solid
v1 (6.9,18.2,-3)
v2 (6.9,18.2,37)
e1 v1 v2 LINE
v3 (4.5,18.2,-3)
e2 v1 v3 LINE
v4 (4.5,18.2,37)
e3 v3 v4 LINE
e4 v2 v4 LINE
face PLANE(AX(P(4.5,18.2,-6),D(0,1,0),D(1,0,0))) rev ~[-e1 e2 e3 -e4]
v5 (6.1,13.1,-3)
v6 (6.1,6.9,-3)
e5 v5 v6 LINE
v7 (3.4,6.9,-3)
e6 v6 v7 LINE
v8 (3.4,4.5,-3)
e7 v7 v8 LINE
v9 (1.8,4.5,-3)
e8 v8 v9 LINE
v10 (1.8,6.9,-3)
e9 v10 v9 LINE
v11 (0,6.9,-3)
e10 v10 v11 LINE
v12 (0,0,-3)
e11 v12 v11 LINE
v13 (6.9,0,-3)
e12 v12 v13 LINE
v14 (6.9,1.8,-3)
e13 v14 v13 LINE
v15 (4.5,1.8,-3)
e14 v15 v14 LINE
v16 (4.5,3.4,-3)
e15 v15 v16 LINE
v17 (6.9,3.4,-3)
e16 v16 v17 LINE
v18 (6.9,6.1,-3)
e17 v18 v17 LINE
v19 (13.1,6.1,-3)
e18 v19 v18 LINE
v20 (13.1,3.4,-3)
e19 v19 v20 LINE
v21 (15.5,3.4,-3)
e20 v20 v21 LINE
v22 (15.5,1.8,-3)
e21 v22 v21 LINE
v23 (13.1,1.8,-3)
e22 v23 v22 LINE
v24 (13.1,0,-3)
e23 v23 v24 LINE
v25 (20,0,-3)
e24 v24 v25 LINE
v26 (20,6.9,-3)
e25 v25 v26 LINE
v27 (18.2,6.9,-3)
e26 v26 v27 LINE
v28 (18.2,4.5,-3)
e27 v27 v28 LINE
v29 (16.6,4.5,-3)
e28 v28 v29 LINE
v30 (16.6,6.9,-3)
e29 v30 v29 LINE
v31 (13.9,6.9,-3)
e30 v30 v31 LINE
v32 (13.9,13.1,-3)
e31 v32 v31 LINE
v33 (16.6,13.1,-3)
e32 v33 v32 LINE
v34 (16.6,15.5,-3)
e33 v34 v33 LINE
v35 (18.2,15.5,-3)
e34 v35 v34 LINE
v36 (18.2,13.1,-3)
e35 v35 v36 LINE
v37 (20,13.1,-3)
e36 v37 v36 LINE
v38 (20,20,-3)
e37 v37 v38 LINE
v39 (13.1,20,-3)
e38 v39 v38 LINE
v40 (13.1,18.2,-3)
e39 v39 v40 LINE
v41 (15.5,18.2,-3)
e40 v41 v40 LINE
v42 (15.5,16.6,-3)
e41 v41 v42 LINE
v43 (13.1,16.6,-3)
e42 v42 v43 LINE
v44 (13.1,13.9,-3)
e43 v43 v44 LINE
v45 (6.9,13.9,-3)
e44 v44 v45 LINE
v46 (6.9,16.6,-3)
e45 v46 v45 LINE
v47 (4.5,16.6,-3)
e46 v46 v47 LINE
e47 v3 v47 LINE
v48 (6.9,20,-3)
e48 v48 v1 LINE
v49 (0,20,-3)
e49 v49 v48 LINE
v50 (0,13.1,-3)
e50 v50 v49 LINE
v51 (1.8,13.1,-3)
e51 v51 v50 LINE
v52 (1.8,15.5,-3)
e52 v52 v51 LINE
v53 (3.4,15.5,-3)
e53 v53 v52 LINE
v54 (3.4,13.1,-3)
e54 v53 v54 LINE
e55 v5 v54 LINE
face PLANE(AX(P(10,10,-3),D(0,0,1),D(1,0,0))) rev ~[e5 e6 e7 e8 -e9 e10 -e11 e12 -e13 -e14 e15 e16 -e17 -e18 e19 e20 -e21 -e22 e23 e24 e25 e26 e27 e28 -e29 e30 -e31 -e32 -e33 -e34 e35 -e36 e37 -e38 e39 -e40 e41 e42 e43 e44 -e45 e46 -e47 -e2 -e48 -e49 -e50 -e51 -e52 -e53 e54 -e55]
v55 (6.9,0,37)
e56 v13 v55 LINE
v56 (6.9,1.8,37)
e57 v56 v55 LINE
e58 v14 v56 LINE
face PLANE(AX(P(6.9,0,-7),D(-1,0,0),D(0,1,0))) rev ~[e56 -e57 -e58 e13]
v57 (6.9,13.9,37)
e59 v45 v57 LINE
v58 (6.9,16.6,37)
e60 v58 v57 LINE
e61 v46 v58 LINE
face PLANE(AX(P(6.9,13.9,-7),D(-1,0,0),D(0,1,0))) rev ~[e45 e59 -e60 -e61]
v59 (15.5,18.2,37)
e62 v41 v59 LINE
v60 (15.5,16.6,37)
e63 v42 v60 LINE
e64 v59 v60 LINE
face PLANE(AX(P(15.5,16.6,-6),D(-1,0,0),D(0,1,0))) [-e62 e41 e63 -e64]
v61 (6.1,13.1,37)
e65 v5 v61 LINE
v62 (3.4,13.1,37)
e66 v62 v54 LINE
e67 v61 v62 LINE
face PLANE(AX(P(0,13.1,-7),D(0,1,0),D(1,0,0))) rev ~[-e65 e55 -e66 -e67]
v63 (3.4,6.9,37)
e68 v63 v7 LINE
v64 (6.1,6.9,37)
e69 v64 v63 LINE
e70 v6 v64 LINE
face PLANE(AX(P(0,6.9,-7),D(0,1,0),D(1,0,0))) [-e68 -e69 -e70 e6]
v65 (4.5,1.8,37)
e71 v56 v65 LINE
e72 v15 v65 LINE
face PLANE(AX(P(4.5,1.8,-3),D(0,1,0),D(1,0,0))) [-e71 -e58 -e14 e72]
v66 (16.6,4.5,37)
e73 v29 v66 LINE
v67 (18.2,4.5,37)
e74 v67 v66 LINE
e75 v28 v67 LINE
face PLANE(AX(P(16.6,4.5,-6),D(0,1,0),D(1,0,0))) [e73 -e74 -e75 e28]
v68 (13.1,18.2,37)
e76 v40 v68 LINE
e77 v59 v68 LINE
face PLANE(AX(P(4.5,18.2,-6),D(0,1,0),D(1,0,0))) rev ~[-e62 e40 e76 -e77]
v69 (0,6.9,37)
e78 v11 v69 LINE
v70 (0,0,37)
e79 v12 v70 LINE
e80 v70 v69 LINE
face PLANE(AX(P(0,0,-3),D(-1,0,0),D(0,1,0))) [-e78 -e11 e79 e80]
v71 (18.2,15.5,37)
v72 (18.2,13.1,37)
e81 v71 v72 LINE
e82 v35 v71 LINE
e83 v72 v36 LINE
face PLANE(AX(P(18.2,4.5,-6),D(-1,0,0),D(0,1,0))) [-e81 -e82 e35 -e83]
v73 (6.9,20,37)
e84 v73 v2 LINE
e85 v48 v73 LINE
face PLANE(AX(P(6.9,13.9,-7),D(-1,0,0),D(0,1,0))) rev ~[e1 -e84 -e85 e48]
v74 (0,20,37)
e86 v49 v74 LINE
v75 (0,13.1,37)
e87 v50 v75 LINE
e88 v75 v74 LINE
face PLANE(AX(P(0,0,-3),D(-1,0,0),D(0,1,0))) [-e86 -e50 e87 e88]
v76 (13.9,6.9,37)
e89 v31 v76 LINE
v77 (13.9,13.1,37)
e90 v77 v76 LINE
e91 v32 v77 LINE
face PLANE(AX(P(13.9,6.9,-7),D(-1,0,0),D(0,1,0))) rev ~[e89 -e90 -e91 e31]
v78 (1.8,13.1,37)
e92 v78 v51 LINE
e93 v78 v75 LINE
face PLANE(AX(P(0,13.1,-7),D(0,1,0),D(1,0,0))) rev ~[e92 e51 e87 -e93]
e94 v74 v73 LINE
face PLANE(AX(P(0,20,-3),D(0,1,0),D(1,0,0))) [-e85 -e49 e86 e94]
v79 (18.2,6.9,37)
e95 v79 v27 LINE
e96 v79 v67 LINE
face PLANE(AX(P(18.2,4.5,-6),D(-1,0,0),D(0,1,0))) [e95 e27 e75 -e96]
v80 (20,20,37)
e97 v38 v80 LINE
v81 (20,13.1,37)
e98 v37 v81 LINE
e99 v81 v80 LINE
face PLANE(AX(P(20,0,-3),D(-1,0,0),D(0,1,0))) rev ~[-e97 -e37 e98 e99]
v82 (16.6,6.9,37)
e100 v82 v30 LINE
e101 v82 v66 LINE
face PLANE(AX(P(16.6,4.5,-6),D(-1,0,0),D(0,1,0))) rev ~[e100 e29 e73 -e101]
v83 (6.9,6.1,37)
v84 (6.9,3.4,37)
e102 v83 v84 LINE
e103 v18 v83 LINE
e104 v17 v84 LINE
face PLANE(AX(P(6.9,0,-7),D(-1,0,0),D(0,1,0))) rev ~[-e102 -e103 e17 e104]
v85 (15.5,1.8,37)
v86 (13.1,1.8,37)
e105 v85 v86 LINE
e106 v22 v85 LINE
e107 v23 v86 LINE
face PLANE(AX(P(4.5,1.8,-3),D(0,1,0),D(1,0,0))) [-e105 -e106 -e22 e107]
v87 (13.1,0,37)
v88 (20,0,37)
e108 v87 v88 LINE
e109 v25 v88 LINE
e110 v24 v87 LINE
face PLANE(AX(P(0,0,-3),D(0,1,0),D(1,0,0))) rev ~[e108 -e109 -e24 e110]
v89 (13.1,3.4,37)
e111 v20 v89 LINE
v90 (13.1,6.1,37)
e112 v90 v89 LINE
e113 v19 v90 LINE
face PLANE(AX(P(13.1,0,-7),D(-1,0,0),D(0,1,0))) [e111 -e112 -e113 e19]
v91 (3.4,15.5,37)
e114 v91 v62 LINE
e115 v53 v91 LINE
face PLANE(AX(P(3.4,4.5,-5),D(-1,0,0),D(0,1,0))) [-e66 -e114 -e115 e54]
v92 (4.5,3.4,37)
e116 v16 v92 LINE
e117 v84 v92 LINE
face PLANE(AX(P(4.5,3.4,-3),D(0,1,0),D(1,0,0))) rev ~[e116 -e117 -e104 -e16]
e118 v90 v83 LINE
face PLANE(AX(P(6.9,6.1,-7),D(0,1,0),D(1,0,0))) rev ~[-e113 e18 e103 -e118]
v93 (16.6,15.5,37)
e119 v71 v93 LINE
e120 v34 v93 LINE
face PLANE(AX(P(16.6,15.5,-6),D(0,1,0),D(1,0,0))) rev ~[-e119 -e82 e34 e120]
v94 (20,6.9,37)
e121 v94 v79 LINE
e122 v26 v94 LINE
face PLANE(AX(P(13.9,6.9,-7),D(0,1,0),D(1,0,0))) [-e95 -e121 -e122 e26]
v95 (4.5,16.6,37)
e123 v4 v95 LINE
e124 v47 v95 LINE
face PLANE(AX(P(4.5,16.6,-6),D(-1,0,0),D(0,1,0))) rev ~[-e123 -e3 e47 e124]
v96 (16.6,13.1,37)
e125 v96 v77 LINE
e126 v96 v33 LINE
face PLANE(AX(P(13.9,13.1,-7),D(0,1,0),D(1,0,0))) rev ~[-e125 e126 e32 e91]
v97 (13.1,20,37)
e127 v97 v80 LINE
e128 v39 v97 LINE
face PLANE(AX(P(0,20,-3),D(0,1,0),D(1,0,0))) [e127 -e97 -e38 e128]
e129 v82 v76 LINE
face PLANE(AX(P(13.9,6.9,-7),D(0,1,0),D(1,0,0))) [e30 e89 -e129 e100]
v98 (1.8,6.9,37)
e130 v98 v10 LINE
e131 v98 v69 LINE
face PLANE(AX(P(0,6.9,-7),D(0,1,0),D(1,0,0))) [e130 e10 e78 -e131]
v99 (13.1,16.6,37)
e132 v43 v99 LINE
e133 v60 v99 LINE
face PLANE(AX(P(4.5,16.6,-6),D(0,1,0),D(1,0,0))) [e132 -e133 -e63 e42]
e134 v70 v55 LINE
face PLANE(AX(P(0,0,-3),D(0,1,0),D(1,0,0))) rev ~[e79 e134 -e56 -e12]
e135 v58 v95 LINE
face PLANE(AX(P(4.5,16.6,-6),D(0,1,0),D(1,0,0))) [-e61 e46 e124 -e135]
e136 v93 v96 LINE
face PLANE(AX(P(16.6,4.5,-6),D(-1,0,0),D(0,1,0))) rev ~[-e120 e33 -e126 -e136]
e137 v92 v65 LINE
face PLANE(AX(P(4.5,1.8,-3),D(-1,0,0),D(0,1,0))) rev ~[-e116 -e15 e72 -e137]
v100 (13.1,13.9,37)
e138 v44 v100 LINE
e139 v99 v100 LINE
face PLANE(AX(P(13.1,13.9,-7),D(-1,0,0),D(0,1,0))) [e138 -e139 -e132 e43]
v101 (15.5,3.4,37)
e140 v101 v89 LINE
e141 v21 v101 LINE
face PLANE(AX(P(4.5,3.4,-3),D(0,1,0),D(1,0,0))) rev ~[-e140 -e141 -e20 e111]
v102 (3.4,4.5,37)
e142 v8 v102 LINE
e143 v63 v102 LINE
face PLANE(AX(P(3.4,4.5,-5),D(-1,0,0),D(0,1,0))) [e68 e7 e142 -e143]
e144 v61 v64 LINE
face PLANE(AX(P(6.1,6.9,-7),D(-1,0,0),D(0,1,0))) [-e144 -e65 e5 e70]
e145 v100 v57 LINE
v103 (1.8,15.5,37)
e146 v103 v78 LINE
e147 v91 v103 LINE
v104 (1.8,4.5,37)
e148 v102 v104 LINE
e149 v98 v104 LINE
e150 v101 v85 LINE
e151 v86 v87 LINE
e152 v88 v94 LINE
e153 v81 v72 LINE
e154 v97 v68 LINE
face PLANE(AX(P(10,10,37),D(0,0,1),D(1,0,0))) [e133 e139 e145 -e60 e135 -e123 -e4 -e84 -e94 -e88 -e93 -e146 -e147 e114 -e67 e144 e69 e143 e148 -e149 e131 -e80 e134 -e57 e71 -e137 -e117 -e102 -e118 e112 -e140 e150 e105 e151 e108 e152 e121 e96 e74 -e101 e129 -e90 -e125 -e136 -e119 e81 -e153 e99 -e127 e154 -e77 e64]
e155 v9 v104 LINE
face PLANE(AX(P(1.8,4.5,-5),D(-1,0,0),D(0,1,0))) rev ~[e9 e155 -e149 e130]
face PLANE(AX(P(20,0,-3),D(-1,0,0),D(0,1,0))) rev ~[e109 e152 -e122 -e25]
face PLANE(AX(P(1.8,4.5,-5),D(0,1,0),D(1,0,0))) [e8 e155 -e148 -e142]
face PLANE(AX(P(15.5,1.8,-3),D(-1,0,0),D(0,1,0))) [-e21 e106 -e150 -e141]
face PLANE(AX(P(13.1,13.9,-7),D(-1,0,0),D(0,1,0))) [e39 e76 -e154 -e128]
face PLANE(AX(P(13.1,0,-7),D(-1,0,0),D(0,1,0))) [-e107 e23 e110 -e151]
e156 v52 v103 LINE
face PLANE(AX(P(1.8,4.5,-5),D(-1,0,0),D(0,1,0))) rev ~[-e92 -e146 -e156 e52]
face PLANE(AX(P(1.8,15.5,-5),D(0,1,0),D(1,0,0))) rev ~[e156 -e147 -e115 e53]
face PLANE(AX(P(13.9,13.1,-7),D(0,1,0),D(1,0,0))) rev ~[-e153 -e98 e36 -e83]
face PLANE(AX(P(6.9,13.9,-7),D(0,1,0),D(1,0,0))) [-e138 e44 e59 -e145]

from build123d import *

# Parameters (mm, degrees)
BOX010_W     = 6.2
BOX010_H     = 6.1
BOX010_DEPTH = 50
BOX009_W     = 6.2
BOX009_H     = 6.1
BOX009_DEPTH = 50
BOX007_W     = 6.1
BOX007_H     = 6.2
BOX007_DEPTH = 50
BOX006_W     = 6.1
BOX006_H     = 6.2
BOX006_DEPTH = 50
BOX005_W     = 11
BOX005_H     = 1.6
BOX005_DEPTH = 50
BOX004_W     = 11
BOX004_H     = 1.6
BOX004_DEPTH = 50
BOX002_W     = 1.6
BOX002_H     = 11
BOX002_DEPTH = 50
BOX001_W     = 1.6
BOX001_H     = 11
BOX001_DEPTH = 52
BOX_W        = 20
BOX_H        = 20
BOX_DEPTH    = 40


with BuildPart() as cube009:
    # Box010 → Box010 (new body)
    with BuildSketch(Plane(origin=(6.9, 13.9, -7), x_dir=(1, 0, 0), z_dir=(0, 0, 1))):
        with Locations((3.1, 3.05)):
            Rectangle(BOX010_W, BOX010_H)
    extrude(amount=BOX010_DEPTH)


with BuildPart() as cube008:
    # Box009 → Box009 (new body)
    with BuildSketch(Plane(origin=(6.9, 0, -7), x_dir=(1, 0, 0), z_dir=(0, 0, 1))):
        with Locations((3.1, 3.05)):
            Rectangle(BOX009_W, BOX009_H)
    extrude(amount=BOX009_DEPTH)


with BuildPart() as cube006:
    # Box007 → Box007 (new body)
    with BuildSketch(Plane(origin=(13.9, 6.9, -7), x_dir=(1, 0, 0), z_dir=(0, 0, 1))):
        with Locations((3.05, 3.1)):
            Rectangle(BOX007_W, BOX007_H)
    extrude(amount=BOX007_DEPTH)


with BuildPart() as cube005:
    # Box006 → Box006 (new body)
    with BuildSketch(Plane(origin=(0, 6.9, -7), x_dir=(1, 0, 0), z_dir=(0, 0, 1))):
        with Locations((3.05, 3.1)):
            Rectangle(BOX006_W, BOX006_H)
    extrude(amount=BOX006_DEPTH)


with BuildPart() as cube004:
    # Box005 → Box005 (new body)
    with BuildSketch(Plane(origin=(4.5, 16.6, -6), x_dir=(1, 0, 0), z_dir=(0, 0, 1))):
        with Locations((5.5, 0.8)):
            Rectangle(BOX005_W, BOX005_H)
    extrude(amount=BOX005_DEPTH)


with BuildPart() as cube003:
    # Box004 → Box004 (new body)
    with BuildSketch(Plane(origin=(4.5, 1.8, -3), x_dir=(1, 0, 0), z_dir=(0, 0, 1))):
        with Locations((5.5, 0.8)):
            Rectangle(BOX004_W, BOX004_H)
    extrude(amount=BOX004_DEPTH)


with BuildPart() as cube001:
    # Box002 → Box002 (new body)
    with BuildSketch(Plane(origin=(16.6, 4.5, -6), x_dir=(1, 0, 0), z_dir=(0, 0, 1))):
        with Locations((0.8, 5.5)):
            Rectangle(BOX002_W, BOX002_H)
    extrude(amount=BOX002_DEPTH)


with BuildPart() as cortador:
    # Box001 → Box001 (new body)
    with BuildSketch(Plane(origin=(1.8, 4.5, -2), x_dir=(1, 0, 0), z_dir=(0, 0, 1))):
        with Locations((0.8, 5.5)):
            Rectangle(BOX001_W, BOX001_H)
    extrude(amount=BOX001_DEPTH)


with BuildPart() as cut007:
    # Box → Box (new body)
    with BuildSketch(Plane.XY):
        with Locations((10, 10)):
            Rectangle(BOX_W, BOX_H)
    extrude(amount=BOX_DEPTH)

    # Cut: cut cortador
    add(cortador.part, mode=Mode.SUBTRACT)


with BuildPart() as cut007_1:
    # Cut placement: moved
    add(cut007.part.moved(Location((0, 0, -3))))

    # Cut001: cut Cube001
    add(cube001.part, mode=Mode.SUBTRACT)

    # Cut002: cut Cube003
    add(cube003.part, mode=Mode.SUBTRACT)

    # Cut003: cut Cube004
    add(cube004.part, mode=Mode.SUBTRACT)

    # Cut004: cut Cube005
    add(cube005.part, mode=Mode.SUBTRACT)

    # Cut005: cut Cube006
    add(cube006.part, mode=Mode.SUBTRACT)

    # Cut006: cut Cube008
    add(cube008.part, mode=Mode.SUBTRACT)

    # Cut007: cut Cube009
    add(cube009.part, mode=Mode.SUBTRACT)


solid = cut007_1.part
